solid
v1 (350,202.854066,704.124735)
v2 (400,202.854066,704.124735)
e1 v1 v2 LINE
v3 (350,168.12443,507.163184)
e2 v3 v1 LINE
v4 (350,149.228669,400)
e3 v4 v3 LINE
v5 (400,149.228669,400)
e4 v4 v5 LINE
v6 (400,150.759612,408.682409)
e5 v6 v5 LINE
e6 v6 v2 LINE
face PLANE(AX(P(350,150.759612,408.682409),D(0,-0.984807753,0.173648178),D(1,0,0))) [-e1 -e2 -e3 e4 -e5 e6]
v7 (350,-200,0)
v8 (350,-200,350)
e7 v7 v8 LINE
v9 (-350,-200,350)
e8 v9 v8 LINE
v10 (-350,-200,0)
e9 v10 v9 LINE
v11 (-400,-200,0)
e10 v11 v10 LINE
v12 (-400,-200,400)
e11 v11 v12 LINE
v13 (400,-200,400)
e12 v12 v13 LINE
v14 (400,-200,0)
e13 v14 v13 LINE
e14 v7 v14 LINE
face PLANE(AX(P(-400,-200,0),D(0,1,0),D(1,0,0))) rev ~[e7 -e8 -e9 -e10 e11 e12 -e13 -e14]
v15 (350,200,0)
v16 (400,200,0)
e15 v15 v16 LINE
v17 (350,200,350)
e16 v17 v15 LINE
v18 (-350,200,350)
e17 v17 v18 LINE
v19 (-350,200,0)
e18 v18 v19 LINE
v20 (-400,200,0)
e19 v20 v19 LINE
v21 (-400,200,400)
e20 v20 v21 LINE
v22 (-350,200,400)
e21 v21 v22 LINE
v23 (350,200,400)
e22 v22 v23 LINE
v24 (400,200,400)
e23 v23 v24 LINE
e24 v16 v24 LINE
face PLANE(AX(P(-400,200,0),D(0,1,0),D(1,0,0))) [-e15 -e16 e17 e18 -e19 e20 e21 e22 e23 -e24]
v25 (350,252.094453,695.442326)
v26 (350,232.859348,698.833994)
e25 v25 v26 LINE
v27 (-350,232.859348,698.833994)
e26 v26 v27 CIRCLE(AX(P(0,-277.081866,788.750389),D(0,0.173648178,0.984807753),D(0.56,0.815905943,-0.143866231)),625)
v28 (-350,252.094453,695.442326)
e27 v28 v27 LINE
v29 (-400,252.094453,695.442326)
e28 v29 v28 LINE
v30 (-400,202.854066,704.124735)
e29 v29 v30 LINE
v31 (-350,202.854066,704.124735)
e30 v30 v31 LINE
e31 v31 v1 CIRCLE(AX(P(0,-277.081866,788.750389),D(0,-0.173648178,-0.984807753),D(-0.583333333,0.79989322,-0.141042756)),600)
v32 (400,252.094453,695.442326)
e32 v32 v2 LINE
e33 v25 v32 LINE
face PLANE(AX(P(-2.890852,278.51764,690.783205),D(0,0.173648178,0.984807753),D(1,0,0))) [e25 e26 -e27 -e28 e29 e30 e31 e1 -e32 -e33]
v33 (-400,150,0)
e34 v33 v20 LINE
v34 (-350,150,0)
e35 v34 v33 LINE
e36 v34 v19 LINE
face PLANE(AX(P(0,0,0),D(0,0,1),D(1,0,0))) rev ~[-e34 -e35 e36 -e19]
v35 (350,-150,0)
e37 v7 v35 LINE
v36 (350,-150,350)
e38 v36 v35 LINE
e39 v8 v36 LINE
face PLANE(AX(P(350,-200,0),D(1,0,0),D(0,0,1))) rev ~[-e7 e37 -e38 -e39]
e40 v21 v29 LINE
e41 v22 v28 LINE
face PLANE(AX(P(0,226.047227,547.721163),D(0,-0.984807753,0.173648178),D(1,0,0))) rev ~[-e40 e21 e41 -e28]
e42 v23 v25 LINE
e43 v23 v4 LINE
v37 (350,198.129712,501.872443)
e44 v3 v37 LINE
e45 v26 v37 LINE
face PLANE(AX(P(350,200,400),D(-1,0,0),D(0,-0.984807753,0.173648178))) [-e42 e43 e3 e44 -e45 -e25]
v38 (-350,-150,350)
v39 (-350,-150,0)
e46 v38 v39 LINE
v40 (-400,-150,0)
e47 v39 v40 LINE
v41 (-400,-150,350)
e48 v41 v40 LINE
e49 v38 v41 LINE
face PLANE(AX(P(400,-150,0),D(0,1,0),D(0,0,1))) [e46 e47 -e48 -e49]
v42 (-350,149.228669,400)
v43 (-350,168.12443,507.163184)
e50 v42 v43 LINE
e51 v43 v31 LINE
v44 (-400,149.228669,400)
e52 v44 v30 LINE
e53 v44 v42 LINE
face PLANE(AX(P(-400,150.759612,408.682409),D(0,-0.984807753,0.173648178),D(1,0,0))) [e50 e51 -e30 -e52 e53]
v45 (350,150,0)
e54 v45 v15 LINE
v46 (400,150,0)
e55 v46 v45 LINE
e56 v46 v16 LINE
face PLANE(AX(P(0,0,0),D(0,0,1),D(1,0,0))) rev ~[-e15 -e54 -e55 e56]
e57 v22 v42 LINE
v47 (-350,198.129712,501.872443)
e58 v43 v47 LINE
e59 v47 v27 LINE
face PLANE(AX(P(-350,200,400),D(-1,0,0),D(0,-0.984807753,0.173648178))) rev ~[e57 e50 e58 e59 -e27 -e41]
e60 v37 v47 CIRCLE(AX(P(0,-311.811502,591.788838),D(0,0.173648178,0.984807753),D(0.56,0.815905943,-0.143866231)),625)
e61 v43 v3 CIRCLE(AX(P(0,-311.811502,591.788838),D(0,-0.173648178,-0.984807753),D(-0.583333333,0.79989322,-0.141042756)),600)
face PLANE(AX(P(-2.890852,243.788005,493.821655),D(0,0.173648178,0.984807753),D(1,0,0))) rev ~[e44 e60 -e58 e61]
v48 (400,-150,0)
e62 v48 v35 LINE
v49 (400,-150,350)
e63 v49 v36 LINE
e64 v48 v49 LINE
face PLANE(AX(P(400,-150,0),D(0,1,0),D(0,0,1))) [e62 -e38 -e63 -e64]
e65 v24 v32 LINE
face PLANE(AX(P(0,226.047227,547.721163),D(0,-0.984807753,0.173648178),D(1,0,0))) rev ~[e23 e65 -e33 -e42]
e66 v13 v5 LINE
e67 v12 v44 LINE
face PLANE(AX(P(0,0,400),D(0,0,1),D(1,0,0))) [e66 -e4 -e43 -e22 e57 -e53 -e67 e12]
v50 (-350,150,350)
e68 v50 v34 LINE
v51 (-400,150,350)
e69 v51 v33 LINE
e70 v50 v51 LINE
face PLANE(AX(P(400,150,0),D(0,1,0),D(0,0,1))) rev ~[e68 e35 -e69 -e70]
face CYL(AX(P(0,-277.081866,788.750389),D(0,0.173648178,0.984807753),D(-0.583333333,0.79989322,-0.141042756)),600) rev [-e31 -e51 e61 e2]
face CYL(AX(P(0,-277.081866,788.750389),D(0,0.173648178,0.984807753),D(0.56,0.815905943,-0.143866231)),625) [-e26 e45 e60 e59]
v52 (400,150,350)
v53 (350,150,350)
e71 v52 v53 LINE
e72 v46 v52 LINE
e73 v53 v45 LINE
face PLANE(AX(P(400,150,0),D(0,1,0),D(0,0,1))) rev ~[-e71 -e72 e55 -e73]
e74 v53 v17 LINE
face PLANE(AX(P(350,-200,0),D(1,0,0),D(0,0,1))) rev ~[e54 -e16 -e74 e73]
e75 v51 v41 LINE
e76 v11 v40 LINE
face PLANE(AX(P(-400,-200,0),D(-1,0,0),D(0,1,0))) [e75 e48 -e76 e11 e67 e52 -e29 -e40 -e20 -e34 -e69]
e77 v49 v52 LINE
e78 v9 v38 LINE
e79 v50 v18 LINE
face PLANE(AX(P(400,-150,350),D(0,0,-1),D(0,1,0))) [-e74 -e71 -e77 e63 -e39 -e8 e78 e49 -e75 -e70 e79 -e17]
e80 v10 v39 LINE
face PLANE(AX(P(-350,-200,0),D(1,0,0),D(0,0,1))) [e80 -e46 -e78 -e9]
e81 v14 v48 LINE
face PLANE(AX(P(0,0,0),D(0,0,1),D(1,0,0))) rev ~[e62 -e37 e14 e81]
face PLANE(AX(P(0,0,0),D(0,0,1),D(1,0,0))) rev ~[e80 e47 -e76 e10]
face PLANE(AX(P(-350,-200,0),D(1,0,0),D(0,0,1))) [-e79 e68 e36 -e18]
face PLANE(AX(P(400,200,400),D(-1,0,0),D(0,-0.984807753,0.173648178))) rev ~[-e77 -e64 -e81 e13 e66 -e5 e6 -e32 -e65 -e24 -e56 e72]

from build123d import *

# Parameters (mm, degrees)
F0_W       = 800
F0_H       = 400
F1_DEPTH   = 400
F2_W       = 300
F2_H       = 350
F3_DEPTH   = 800.001
F4_W       = 700
F4_H       = 350
F5_DEPTH   = 400.001
F8_W       = 800
F8_H       = 300
F9_DEPTH   = 50
F10_W      = 700
F10_H      = 300
F11_DEPTH  = 446.7348071841
F12_DEPTH  = 8.8163490354
F11_FACE_W = 50
F11_FACE_H = 50
F15_DEPTH  = 200


with BuildPart() as f1:
    # F0 (on Top) → F1 (new body)
    with BuildSketch(Plane.XY):
        Rectangle(F0_W, F0_H)
    extrude(amount=F1_DEPTH)

    # F2 (on face) → F3 (cut, through all)
    with BuildSketch(Plane.YZ.offset(400)):
        with Locations((0, 175)):
            Rectangle(F2_W, F2_H)
    extrude(amount=-F3_DEPTH, mode=Mode.SUBTRACT)

    # F4 (on face) → F5 (cut, through all)
    with BuildSketch(Plane.XZ.offset(200)):
        with Locations((0, 175)):
            Rectangle(F4_W, F4_H)
    extrude(amount=-F5_DEPTH, mode=Mode.SUBTRACT)



with BuildPart() as f9:
    # F8 (on face) → F9 (new body)
    with BuildSketch(Plane(origin=(0, 125.5652334135, -22.1405384897), x_dir=(1, 0, 0), z_dir=(0, -0.984807753, 0.1736481777))):
        with Locations((0, 578.6527367383)):
            Rectangle(F8_W, F8_H)
    extrude(amount=F9_DEPTH)

    # F10 (on face) → F11 (cut, through all)
    with BuildSketch(Plane(origin=(0, 125.5652334135, -22.1405384897), x_dir=(-1, 0, 0), z_dir=(0, 0.984807753, -0.1736481777))):
        with Locations((0, 578.6527367383)):
            Rectangle(F10_W, F10_H)
    extrude(amount=-F11_DEPTH, mode=Mode.SUBTRACT)


with BuildPart() as f1_1:
    add(f1.part)
    # F12 (add, through all): a face of the model
    f12_faces = [f9.part.faces().sort_by_distance(p)[0] for p in [
        (-375, 175.3798061747, 404.3412044417),
    ]]

    add(f9.part)  # F12 merges F9
    extrude(f12_faces, amount=F12_DEPTH)

    # F11_face (on face) → F13 (join, up to the next surface of F1)
    with BuildSketch(Plane(origin=(-375, 175.3798061747, 404.3412044417), x_dir=(1, 0, 0), z_dir=(0, -0.1736481777, -0.984807753))):
        with Locations((750, 0)):
            Rectangle(F11_FACE_W, F11_FACE_H)
    extrude(until=Until.NEXT)

    # F14 (on face) → F15 (join)
    with BuildSketch(Plane(origin=(0, 126.5292198866, 717.5828643934), x_dir=(1, 0, 0), z_dir=(0, 0.1736481777, 0.984807753))):
        with BuildLine():
            ThreePointArc((-350, 77.5022795357), (0, 190.1625622952), (350, 77.5022795357))
            Line((350, 77.5022795357), (350, 107.9704417254))
            ThreePointArc((350, 107.9704417254), (-8.8874458979, 215.0993697449), (-364.5833333333, 97.8081010874))
            Line((-364.5833333333, 97.8081010874), (-350, 77.5022795357))
        make_face()
    extrude(amount=-F15_DEPTH)


solid = f1_1.part
